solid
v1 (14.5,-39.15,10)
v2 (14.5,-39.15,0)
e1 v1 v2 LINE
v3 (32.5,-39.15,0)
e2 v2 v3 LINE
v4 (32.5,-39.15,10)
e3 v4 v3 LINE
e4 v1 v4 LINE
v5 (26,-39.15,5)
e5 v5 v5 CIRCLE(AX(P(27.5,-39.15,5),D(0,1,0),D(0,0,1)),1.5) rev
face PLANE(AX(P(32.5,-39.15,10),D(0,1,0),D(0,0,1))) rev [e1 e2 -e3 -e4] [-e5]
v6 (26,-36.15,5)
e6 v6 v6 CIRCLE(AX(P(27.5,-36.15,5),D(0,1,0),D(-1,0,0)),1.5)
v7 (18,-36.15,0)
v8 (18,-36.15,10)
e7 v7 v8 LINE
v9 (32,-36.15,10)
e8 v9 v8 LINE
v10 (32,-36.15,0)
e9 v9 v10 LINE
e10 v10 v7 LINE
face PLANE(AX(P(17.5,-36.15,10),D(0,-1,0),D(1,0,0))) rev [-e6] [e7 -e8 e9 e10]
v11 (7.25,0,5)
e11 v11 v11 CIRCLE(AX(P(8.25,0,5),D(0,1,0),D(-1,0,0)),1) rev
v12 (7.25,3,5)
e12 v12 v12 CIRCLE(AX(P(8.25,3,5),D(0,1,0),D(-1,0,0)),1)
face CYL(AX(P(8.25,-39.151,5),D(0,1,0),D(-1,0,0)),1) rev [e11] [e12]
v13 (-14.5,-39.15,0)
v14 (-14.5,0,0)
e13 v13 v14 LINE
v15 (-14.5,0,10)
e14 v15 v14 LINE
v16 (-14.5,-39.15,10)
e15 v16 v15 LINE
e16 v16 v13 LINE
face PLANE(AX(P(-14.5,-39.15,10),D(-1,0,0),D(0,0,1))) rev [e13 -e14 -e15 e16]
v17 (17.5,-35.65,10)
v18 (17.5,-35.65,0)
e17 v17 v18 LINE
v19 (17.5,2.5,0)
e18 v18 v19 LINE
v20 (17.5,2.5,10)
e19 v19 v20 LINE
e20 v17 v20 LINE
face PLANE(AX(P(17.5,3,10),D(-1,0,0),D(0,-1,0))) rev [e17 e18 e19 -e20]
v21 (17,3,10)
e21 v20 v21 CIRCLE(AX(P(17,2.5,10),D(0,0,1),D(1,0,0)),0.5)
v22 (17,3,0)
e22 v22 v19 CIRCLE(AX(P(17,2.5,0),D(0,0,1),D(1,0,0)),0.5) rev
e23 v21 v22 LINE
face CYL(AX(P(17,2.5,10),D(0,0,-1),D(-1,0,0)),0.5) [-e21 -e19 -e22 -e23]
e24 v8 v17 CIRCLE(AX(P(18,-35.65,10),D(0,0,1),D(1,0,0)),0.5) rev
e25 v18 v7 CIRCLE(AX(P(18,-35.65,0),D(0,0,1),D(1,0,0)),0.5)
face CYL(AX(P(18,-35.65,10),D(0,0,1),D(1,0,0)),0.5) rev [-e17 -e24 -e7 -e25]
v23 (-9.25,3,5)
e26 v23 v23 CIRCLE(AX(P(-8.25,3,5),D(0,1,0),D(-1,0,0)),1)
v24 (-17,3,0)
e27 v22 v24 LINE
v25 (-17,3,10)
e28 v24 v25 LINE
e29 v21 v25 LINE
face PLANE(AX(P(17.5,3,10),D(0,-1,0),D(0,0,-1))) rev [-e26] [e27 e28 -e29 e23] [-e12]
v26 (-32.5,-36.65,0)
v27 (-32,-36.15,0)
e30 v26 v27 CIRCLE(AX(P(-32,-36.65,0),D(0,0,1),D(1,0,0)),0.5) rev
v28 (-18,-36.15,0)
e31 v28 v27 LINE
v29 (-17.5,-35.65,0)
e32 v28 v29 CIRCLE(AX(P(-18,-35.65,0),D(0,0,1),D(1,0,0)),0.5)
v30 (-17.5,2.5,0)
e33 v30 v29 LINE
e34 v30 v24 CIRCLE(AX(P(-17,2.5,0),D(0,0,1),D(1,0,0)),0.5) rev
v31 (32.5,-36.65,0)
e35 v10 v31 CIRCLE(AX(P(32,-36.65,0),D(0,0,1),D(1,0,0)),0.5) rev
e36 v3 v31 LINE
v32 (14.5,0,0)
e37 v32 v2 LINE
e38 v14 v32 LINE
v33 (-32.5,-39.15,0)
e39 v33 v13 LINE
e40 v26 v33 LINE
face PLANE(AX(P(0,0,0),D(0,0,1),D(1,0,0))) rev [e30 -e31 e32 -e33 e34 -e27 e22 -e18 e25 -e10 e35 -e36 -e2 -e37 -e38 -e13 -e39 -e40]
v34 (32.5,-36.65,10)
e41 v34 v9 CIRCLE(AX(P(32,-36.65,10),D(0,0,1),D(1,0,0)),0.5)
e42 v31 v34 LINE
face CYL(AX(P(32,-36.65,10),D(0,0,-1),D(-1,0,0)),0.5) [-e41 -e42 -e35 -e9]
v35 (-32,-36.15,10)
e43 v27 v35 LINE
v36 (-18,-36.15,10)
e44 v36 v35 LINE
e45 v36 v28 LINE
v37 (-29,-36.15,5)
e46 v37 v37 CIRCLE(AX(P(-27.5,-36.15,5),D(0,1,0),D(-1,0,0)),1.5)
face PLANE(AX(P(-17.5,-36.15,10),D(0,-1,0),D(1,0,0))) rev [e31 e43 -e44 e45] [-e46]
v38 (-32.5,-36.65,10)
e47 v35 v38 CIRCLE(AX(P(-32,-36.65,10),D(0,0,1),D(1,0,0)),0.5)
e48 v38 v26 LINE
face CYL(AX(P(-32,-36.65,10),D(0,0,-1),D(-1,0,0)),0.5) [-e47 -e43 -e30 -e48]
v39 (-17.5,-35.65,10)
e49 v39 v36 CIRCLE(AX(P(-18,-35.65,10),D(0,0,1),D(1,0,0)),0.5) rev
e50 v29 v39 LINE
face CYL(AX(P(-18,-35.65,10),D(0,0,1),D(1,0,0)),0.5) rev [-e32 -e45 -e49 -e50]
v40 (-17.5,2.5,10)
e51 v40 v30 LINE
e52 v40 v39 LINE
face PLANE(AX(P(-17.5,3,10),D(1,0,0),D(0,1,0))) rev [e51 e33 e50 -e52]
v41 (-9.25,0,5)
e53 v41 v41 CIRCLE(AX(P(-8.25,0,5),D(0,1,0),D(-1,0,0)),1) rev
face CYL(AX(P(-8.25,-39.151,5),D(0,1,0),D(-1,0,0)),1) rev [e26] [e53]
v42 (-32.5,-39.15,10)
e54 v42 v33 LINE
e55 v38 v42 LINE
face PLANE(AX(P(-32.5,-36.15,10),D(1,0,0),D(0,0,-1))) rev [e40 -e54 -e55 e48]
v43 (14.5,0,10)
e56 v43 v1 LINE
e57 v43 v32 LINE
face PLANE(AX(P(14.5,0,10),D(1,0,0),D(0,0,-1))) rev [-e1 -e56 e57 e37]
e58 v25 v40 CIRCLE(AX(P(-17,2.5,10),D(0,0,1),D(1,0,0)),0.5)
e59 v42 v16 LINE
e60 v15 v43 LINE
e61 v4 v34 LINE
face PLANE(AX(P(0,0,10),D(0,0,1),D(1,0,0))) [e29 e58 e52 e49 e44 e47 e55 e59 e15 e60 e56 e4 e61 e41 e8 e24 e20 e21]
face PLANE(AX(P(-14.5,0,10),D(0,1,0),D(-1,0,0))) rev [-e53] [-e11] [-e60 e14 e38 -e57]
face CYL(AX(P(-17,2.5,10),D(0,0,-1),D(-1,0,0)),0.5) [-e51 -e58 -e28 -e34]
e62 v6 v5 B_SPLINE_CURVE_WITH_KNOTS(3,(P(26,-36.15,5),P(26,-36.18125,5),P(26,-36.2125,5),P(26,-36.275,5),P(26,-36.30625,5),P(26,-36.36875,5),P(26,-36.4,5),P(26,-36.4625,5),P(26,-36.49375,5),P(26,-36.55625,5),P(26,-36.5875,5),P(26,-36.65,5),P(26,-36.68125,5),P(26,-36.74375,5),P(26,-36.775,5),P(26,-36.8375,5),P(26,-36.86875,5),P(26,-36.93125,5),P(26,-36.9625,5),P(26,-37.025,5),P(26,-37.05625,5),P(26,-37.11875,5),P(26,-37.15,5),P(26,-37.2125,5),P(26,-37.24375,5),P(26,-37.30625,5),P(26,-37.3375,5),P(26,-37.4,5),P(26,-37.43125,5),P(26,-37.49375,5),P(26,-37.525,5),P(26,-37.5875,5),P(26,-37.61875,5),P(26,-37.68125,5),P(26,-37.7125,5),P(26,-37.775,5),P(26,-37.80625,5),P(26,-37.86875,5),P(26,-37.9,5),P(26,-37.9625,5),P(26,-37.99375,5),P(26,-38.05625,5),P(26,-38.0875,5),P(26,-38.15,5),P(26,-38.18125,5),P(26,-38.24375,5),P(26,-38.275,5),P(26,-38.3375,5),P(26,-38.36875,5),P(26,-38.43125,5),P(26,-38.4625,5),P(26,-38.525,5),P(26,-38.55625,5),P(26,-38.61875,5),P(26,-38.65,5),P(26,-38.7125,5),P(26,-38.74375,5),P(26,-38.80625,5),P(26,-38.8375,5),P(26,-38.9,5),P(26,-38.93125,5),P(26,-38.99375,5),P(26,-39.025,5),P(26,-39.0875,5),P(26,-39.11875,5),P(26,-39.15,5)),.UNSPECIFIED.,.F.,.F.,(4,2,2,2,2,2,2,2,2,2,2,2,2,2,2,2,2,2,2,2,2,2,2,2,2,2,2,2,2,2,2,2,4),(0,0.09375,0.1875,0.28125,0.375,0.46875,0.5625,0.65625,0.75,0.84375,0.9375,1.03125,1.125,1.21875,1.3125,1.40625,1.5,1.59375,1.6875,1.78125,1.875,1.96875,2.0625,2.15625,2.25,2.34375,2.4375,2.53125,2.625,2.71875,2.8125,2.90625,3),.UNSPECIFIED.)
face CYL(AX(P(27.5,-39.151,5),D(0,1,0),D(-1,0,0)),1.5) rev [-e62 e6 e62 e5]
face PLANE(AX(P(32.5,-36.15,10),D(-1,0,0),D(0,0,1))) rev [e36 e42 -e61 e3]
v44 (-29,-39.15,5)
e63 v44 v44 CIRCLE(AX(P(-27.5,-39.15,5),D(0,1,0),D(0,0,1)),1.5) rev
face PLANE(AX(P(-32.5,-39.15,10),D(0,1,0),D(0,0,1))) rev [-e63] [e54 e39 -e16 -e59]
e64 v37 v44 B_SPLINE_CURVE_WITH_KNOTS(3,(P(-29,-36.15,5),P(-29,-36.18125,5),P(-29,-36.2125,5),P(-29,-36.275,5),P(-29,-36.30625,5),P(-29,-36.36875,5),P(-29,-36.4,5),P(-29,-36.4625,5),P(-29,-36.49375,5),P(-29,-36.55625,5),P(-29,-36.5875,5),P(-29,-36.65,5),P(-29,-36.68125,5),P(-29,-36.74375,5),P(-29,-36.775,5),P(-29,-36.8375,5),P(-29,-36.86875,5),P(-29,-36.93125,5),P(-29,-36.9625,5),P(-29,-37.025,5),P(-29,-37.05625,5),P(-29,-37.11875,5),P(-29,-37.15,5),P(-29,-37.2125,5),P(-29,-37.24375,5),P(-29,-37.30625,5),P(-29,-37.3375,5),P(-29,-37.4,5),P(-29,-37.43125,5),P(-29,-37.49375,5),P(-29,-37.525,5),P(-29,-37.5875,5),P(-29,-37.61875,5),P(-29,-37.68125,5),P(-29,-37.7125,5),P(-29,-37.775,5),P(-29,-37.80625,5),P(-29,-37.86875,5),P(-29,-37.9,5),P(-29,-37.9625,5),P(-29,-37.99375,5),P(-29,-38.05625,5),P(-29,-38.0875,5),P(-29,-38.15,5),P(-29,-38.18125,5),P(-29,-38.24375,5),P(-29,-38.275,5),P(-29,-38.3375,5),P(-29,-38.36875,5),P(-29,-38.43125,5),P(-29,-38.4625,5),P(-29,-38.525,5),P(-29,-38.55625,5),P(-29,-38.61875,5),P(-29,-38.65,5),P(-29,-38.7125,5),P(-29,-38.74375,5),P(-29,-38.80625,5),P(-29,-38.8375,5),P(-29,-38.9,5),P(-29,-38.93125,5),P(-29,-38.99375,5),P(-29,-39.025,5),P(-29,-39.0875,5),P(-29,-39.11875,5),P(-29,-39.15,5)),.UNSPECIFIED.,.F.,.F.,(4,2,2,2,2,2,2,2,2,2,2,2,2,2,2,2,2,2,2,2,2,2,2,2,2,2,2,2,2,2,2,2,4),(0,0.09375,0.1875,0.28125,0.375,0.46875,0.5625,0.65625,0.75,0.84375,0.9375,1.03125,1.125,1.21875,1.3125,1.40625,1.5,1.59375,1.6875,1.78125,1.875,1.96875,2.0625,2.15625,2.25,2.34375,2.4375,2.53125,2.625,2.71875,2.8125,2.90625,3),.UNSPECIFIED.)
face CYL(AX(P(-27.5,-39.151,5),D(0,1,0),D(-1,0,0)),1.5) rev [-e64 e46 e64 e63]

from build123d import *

# Parameters (mm, degrees)
BOSS_EXTRU_3_DEPTH      = 10
ENL_V_MAT_EXTRU_1_REACH = 56.156
ESQUISSE7_R             = 1
ENL_V_MAT_EXTRU_2_REACH = 53.855
ESQUISSE8_R             = 1.5
CONG_8_R                = 0.5


with BuildPart() as part:
    # Esquisse6 → Boss.-Extru.3 (new body)
    with BuildSketch(Plane.XY):
        Polygon((-32.5, -39.15), (-14.5, -39.15), (-14.5, 0), (14.5, 0), (14.5, -39.15), (32.5, -39.15), (32.5, -36.15), (17.5, -36.15), (17.5, 3), (-17.5, 3), (-17.5, -36.15), (-32.5, -36.15), align=None)
    extrude(amount=BOSS_EXTRU_3_DEPTH)

    # Esquisse7 → Enlèv. mat.-Extru.1 (cut, up to next)
    with BuildSketch(Plane(origin=(0, 3, 0), x_dir=(1, 0, 0), z_dir=(0, 1, 0)), mode=Mode.PRIVATE) as enl_v_mat_extru_1_sk1:
        with Locations(Location((-8.25, -5, 0), (0, 0, 180))):
            Circle(ESQUISSE7_R)
    enl_v_mat_extru_1_tool1 = extrude(enl_v_mat_extru_1_sk1.sketch, amount=-ENL_V_MAT_EXTRU_1_REACH, mode=Mode.PRIVATE) & part.part
    # Esquisse7 → Enlèv. mat.-Extru.1 (cut, up to next)
    with BuildSketch(Plane(origin=(0, 3, 0), x_dir=(1, 0, 0), z_dir=(0, 1, 0)), mode=Mode.PRIVATE) as enl_v_mat_extru_1_sk2:
        with Locations(Location((8.25, -5, 0), (0, 0, 180))):
            Circle(ESQUISSE7_R)
    enl_v_mat_extru_1_tool2 = extrude(enl_v_mat_extru_1_sk2.sketch, amount=-ENL_V_MAT_EXTRU_1_REACH, mode=Mode.PRIVATE) & part.part
    add(enl_v_mat_extru_1_tool1.solids().sort_by_distance((-8.25, 3, 5))[0], mode=Mode.SUBTRACT)
    add(enl_v_mat_extru_1_tool2.solids().sort_by_distance((8.25, 3, 5))[0], mode=Mode.SUBTRACT)

    # Esquisse8 → Enlèv. mat.-Extru.2 (cut, up to next)
    with BuildSketch(Plane(origin=(0, -36.15, 0), x_dir=(1, 0, 0), z_dir=(0, 1, 0)), mode=Mode.PRIVATE) as enl_v_mat_extru_2_sk1:
        with Locations(Location((27.5, -5, 0), (0, 0, 180))):
            Circle(ESQUISSE8_R)
    enl_v_mat_extru_2_tool1 = extrude(enl_v_mat_extru_2_sk1.sketch, amount=-ENL_V_MAT_EXTRU_2_REACH, mode=Mode.PRIVATE) & part.part
    # Esquisse8 → Enlèv. mat.-Extru.2 (cut, up to next)
    with BuildSketch(Plane(origin=(0, -36.15, 0), x_dir=(1, 0, 0), z_dir=(0, 1, 0)), mode=Mode.PRIVATE) as enl_v_mat_extru_2_sk2:
        with Locations(Location((-27.5, -5, 0), (0, 0, 180))):
            Circle(ESQUISSE8_R)
    enl_v_mat_extru_2_tool2 = extrude(enl_v_mat_extru_2_sk2.sketch, amount=-ENL_V_MAT_EXTRU_2_REACH, mode=Mode.PRIVATE) & part.part
    add(enl_v_mat_extru_2_tool1.solids().sort_by_distance((27.5, -36.15, 5))[0], mode=Mode.SUBTRACT)
    add(enl_v_mat_extru_2_tool2.solids().sort_by_distance((-27.5, -36.15, 5))[0], mode=Mode.SUBTRACT)

    # Congé8
    cong_8_edges = [part.edges().sort_by_distance(p)[0] for p in [
        (-32.5, -36.15, 5),
        (-17.5, -36.15, 5),
        (-17.5, 3, 5),
        (17.5, 3, 5),
        (17.5, -36.15, 5),
        (32.5, -36.15, 5),
    ]]
    fillet(cong_8_edges, radius=CONG_8_R)


solid = part.part
